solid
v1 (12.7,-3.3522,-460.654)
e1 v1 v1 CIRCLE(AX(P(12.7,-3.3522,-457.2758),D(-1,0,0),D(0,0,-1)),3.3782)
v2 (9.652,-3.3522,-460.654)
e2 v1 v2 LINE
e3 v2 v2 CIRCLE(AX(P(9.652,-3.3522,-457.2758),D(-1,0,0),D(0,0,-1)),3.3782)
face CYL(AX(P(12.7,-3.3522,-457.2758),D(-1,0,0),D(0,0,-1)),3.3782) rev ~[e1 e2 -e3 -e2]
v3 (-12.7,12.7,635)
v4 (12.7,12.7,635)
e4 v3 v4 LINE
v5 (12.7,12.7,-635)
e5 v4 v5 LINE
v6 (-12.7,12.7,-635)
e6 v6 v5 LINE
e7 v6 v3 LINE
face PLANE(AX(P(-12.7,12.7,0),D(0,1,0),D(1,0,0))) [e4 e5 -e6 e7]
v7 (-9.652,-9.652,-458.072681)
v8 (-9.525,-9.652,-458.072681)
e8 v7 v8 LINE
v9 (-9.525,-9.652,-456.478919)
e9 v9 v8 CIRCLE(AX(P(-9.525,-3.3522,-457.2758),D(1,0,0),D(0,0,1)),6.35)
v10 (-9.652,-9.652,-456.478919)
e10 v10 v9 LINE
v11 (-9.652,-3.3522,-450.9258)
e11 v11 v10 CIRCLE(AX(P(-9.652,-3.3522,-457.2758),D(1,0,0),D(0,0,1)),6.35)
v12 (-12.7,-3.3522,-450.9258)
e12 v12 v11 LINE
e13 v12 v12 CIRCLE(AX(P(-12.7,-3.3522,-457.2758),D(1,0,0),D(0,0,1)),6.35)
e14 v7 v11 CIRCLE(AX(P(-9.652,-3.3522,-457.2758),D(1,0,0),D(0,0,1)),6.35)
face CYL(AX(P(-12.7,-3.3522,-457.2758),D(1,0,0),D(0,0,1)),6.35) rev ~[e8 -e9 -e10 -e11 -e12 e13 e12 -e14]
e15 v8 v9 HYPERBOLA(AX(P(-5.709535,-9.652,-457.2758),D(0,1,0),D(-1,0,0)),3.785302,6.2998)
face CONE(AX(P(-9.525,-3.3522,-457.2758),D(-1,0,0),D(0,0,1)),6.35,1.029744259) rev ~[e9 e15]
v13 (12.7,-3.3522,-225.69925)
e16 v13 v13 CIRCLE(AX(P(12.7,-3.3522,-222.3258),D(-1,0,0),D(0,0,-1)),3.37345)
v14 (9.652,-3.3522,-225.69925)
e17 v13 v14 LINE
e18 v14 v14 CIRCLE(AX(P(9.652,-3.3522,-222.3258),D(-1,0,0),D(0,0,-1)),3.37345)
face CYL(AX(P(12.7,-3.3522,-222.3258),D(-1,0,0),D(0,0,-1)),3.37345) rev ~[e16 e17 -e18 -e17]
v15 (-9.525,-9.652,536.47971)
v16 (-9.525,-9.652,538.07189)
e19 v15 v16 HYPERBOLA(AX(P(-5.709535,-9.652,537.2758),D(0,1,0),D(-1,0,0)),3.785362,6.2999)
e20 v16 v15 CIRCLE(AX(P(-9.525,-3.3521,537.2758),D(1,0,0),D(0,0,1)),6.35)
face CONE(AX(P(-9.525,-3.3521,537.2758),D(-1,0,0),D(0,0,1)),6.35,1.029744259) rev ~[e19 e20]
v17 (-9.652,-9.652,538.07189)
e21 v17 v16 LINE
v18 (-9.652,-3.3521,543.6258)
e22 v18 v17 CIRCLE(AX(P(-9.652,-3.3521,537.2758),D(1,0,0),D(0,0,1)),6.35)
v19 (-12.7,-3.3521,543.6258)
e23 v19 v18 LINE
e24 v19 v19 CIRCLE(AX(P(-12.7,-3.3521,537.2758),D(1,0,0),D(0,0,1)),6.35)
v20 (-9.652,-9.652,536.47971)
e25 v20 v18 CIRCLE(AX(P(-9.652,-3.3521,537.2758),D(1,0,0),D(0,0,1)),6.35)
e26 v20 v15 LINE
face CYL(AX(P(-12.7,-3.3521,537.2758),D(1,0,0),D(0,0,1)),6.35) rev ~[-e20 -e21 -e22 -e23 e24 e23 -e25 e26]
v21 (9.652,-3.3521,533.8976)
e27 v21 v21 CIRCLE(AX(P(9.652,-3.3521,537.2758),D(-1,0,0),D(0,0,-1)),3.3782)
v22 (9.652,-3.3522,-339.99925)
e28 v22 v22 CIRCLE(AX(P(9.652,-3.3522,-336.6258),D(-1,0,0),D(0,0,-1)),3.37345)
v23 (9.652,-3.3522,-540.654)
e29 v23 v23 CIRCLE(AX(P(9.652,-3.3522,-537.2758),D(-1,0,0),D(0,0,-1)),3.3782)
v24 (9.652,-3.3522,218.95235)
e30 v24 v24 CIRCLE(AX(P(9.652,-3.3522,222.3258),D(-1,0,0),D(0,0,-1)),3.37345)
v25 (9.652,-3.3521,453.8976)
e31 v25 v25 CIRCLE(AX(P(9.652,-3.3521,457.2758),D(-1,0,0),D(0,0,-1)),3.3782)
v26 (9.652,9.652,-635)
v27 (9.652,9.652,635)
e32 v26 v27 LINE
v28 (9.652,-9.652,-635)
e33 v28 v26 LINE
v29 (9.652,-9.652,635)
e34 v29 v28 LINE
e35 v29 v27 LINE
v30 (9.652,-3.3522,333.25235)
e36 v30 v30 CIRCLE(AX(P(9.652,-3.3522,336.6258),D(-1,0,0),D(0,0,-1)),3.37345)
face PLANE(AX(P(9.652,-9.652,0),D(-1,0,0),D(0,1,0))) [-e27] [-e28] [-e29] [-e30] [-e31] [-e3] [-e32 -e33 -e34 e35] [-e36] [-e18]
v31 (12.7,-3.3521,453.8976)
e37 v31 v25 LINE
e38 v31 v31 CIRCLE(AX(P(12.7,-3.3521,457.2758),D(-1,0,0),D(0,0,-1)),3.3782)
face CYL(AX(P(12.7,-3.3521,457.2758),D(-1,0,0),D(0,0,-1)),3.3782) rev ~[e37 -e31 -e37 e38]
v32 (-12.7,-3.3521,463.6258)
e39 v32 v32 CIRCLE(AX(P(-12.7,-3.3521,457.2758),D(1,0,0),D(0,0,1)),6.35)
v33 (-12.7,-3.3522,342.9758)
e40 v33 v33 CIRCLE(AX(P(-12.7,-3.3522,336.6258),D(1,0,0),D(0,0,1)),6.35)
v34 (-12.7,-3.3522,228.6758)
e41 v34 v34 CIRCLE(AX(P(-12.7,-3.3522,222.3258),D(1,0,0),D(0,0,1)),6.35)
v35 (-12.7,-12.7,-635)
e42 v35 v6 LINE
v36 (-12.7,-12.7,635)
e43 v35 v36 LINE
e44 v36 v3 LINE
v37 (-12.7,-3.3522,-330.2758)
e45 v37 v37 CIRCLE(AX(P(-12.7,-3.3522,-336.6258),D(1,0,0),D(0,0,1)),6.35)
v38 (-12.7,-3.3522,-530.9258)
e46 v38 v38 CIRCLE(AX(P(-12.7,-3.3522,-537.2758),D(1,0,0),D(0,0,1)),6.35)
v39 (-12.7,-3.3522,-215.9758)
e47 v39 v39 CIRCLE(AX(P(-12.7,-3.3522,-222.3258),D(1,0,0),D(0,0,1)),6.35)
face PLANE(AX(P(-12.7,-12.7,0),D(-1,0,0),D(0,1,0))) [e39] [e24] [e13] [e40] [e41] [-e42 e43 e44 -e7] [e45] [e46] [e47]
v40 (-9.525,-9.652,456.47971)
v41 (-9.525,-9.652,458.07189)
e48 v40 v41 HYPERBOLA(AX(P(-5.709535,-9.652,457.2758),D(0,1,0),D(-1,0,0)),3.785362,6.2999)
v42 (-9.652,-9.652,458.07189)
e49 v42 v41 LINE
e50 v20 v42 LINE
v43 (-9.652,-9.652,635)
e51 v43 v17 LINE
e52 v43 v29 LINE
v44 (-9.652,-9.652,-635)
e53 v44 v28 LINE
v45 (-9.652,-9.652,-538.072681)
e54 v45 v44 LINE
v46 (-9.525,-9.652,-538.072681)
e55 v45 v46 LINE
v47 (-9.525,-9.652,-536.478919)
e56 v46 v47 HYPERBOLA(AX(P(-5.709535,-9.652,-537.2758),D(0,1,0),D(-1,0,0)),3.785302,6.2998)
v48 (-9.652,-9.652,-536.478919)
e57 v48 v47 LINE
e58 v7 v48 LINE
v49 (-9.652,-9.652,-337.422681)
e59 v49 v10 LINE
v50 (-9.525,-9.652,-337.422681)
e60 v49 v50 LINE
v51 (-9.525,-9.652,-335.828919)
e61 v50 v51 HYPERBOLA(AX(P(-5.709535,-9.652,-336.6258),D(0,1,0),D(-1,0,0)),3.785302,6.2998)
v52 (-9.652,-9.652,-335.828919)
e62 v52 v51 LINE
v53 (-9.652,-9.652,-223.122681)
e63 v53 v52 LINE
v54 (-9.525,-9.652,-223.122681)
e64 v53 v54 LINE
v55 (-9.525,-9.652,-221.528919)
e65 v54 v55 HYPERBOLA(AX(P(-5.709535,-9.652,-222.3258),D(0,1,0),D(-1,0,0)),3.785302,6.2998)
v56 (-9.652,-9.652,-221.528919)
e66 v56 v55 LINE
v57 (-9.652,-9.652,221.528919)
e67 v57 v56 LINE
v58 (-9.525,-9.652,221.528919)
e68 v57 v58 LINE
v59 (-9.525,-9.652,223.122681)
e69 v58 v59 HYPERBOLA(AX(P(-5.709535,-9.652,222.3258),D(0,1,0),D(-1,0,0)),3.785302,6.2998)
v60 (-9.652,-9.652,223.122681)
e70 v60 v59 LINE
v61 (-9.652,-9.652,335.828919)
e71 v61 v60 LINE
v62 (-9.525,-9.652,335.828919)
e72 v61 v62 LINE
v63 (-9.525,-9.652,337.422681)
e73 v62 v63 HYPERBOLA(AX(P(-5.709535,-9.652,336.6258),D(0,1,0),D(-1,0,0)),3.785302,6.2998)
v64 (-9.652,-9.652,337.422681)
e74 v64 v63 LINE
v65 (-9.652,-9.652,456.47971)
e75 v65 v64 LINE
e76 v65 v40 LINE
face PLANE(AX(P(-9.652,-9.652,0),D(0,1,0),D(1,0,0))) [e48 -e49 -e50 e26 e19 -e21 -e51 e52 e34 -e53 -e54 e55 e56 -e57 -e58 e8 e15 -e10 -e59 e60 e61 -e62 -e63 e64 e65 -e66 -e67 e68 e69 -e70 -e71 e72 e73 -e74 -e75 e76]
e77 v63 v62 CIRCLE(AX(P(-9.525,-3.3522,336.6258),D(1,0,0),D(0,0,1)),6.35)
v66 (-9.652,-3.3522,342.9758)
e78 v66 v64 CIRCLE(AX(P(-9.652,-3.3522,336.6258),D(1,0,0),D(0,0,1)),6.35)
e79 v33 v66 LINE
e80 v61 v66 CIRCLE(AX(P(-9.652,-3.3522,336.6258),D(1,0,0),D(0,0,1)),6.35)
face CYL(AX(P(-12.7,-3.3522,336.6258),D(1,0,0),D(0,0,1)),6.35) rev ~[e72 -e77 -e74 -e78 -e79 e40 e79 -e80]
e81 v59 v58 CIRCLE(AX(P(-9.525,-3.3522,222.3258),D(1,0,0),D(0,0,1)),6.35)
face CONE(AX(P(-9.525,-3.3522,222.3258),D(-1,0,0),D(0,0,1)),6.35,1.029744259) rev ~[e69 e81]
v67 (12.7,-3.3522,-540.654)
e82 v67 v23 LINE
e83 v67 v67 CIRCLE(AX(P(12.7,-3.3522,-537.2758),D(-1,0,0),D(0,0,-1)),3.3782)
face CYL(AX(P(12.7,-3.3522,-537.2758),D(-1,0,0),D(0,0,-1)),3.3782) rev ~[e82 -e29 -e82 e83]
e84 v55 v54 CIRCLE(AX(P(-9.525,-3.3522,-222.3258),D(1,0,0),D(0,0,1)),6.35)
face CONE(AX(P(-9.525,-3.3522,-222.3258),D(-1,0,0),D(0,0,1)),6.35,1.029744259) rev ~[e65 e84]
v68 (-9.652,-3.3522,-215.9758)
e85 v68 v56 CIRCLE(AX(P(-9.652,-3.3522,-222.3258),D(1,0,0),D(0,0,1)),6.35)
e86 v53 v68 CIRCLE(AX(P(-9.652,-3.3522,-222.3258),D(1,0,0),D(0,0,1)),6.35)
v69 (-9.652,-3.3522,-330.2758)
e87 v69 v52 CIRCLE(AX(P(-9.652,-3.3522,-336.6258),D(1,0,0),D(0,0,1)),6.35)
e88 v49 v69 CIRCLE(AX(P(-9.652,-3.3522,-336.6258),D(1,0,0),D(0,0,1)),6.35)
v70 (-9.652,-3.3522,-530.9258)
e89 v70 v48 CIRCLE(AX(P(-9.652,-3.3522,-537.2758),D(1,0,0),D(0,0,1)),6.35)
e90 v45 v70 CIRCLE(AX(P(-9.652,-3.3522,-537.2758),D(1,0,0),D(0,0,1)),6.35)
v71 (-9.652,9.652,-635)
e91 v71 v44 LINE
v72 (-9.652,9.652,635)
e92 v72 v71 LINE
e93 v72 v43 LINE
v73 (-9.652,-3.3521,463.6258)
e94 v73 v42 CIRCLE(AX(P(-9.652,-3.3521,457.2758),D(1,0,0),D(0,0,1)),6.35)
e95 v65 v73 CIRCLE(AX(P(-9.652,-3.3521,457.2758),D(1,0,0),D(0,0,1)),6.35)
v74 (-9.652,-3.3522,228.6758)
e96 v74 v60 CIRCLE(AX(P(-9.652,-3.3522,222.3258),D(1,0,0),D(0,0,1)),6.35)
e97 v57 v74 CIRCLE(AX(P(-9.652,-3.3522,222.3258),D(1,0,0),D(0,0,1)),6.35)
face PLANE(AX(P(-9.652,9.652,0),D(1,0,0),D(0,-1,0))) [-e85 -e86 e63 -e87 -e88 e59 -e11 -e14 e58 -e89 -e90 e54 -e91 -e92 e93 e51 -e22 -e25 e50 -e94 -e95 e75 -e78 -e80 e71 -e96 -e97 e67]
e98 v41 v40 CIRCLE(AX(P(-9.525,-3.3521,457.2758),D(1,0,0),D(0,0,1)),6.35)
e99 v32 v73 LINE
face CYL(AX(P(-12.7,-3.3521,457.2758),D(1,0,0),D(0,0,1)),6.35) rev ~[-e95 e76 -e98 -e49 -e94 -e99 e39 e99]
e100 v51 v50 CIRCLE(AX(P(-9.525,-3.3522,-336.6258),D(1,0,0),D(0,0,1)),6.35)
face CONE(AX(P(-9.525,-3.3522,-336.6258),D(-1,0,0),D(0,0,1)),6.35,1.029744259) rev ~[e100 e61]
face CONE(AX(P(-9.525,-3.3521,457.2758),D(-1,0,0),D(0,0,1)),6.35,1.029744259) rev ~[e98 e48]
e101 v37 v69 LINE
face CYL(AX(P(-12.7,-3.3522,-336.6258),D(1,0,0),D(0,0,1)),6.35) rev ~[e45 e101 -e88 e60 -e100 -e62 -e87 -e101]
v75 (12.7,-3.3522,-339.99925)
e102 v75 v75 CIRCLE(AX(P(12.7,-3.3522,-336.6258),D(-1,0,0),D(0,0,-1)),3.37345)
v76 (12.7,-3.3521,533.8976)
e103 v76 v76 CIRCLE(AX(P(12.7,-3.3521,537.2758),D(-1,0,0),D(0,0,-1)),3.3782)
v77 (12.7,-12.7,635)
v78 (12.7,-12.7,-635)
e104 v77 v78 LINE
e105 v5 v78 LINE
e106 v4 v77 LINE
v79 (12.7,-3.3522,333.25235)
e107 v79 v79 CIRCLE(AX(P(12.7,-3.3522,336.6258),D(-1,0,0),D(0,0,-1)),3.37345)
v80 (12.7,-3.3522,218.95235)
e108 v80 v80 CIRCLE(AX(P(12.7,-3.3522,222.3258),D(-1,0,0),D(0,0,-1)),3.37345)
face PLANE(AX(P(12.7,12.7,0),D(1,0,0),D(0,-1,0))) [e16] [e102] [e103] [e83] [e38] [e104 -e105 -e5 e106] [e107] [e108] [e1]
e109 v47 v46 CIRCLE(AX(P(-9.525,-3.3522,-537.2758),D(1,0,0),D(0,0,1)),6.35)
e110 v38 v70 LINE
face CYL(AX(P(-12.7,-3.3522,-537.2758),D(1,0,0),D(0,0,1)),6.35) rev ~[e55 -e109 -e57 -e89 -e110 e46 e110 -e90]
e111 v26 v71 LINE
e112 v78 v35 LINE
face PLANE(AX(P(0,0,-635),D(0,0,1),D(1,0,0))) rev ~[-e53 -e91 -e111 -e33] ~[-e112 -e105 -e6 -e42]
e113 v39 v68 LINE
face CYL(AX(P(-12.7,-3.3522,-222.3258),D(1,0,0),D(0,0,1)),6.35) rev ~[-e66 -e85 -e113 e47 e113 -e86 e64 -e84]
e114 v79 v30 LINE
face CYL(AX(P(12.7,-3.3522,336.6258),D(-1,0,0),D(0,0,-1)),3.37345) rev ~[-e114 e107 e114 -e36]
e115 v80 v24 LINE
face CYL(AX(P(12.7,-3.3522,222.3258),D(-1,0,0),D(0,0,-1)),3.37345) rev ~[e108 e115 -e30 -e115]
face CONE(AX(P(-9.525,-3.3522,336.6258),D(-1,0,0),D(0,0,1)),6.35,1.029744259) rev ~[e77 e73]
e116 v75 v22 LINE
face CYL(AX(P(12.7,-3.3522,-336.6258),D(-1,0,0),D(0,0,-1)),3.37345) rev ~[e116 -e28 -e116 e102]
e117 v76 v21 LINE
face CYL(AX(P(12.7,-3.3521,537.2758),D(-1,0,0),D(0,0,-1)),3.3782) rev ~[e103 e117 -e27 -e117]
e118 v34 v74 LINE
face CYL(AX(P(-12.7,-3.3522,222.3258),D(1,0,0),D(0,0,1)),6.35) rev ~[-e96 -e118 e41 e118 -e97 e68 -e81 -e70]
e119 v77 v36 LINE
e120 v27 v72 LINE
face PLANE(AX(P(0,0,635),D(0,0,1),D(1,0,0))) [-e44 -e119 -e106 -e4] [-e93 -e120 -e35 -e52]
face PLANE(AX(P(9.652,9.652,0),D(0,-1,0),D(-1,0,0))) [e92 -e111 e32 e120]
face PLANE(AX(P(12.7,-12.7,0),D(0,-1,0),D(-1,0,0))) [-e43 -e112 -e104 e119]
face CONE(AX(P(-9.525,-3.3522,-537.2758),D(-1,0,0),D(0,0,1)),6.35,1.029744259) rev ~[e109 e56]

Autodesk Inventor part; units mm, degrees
ref_plane "YZ Plane" through (0, 0, 0) normal (1, 0, 0) x (0, 1, 0)
ref_plane "XZ Plane" through (0, 0, 0) normal (0, 1, 0) x (-1, 0, 0)
ref_plane "XY Plane" through (0, 0, 0) normal (0, 0, 1) x (1, 0, 0)
sketch "Sketch1" plane through (0, 0, 0) normal (0, 0, 1) x (1, 0, 0)
  line L0 (-12.7, 12.7) -> (12.7, 12.7)
  line L1 (12.7, 12.7) -> (12.7, -12.7)
  line L2 (12.7, -12.7) -> (-12.7, -12.7)
  line L3 (-12.7, -12.7) -> (-12.7, 12.7)
  line L4 (9.652, 9.652) -> (-9.652, 9.652)
  line L5 (-9.652, 9.652) -> (-9.652, -9.652)
  line L6 (-9.652, -9.652) -> (9.652, -9.652)
  line L7 (9.652, -9.652) -> (9.652, 9.652)
  point P0 (0, 0)
  point P1 (0, 12.7)
  point P2 (12.7, 0)
  point P3 (-12.7, 0)
  dimension "d0" = 25.4
  dimension "d1" = 25.4
  dimension "d2" = 3.048
extrude "Extrusion1" add sketch "Sketch1" along normal mid plane 1270
sketch "Sketch2" plane through (12.7, 12.7, 635) normal (1, 0, 0) x (0, 0, -1)
  circle A0 centre (97.7242, -16.0521) radius 4.25 projected
  circle A1 centre (177.7242, -16.0521) radius 4.25 projected
  circle A2 centre (1092.2758, -16.0522) radius 4.25 projected
  circle A3 centre (1172.2758, -16.0522) radius 4.25 projected
  point P0 (635, -12.7)
hole "Hole1" at (12.7, -3.3521, 537.2758) at (12.7, -3.3521, 457.2758) at (12.7, -3.3522, -457.2758) at (12.7, -3.3522, -537.2758) direction (-1, 0, 0) diameter 6.7564 depth 12.7 tip angle 118
sketch "Sketch3" plane through (-12.7, -12.7, -635) normal (-1, 0, 0) x (0, 0, 1)
  point P0 (635, 12.7)
sketch "Sketch5" plane through (-12.7, -12.7, -635) normal (-1, 0, 0) x (0, 0, 1)
  circle A0 centre (1172.2758, 9.3479) radius 3.3782 projected
  circle A1 centre (1092.2758, 9.3479) radius 3.3782 projected
  circle A2 centre (1092.2758, 9.3479) radius 3.3782 projected
  circle A3 centre (177.7242, 9.3478) radius 3.3782 projected
  circle A4 centre (97.7242, 9.3478) radius 3.3782 projected
  point P0 (635, 12.7)
hole "Hole2" at (-12.7, -3.3521, 537.2758) at (-12.7, -3.3521, 457.2758) at (-12.7, -3.3522, -457.2758) at (-12.7, -3.3522, -537.2758) direction (1, 0, 0) diameter 12.7 depth 3.175 tip angle 118
sketch "Sketch6" plane through (12.7, 12.7, 635) normal (1, 0, 0) x (0, 0, -1)
  circle A0 centre (1092.2758, -16.0522) radius 3.3782 projected
  circle A1 centre (177.7242, -16.0521) radius 3.3782 projected
  point P0 (635, -12.7)
  point P1 (298.3742, -16.0522)
  point P2 (412.6742, -16.0522)
  point P3 (857.3258, -16.0522)
  point P4 (971.6258, -16.0522)
  dimension "d19" = 120.65
  dimension "d20" = 114.3
  dimension "d21" = 120.65
  dimension "d22" = 114.3
hole "Hole3" at (12.7, -3.3522, 336.6258) at (12.7, -3.3522, 222.3258) at (12.7, -3.3522, -222.3258) at (12.7, -3.3522, -336.6258) direction (-1, 0, 0) diameter 6.7469 depth 3.175 tip angle 118
sketch "Sketch7" plane through (-12.7, -12.7, -635) normal (-1, 0, 0) x (0, 0, 1)
  circle A0 centre (971.6258, 9.3478) radius 3.3734 projected
  circle A1 centre (857.3258, 9.3478) radius 3.3734 projected
  circle A2 centre (412.6742, 9.3478) radius 3.3734 projected
  circle A3 centre (298.3742, 9.3478) radius 3.3734 projected
  circle A4 centre (971.6258, 9.3478) radius 3.3734 projected
  line L0 (444.5, -28.493) -> (444.5, 123.907) projected
  line L1 (266.7, -34.843) -> (444.5, -34.843) projected
  line L2 (266.7, -34.843) -> (444.5, -34.843) projected
  line L3 (444.5, 130.257) -> (266.7, 130.257) projected
  point P0 (635, 12.7)
hole "Hole4" at (-12.7, -3.3522, 336.6258) at (-12.7, -3.3522, 222.3258) at (-12.7, -3.3522, -222.3258) at (-12.7, -3.3522, -336.6258) direction (1, 0, 0) diameter 12.7 depth 3.175 tip angle 118
equation "\"d2\" = thick"
equation "\"d3\" = L"
equation "\"L\" = 1270"
equation "\"thick\" = 3.048"
properties part number "1inSquareSupport2"
